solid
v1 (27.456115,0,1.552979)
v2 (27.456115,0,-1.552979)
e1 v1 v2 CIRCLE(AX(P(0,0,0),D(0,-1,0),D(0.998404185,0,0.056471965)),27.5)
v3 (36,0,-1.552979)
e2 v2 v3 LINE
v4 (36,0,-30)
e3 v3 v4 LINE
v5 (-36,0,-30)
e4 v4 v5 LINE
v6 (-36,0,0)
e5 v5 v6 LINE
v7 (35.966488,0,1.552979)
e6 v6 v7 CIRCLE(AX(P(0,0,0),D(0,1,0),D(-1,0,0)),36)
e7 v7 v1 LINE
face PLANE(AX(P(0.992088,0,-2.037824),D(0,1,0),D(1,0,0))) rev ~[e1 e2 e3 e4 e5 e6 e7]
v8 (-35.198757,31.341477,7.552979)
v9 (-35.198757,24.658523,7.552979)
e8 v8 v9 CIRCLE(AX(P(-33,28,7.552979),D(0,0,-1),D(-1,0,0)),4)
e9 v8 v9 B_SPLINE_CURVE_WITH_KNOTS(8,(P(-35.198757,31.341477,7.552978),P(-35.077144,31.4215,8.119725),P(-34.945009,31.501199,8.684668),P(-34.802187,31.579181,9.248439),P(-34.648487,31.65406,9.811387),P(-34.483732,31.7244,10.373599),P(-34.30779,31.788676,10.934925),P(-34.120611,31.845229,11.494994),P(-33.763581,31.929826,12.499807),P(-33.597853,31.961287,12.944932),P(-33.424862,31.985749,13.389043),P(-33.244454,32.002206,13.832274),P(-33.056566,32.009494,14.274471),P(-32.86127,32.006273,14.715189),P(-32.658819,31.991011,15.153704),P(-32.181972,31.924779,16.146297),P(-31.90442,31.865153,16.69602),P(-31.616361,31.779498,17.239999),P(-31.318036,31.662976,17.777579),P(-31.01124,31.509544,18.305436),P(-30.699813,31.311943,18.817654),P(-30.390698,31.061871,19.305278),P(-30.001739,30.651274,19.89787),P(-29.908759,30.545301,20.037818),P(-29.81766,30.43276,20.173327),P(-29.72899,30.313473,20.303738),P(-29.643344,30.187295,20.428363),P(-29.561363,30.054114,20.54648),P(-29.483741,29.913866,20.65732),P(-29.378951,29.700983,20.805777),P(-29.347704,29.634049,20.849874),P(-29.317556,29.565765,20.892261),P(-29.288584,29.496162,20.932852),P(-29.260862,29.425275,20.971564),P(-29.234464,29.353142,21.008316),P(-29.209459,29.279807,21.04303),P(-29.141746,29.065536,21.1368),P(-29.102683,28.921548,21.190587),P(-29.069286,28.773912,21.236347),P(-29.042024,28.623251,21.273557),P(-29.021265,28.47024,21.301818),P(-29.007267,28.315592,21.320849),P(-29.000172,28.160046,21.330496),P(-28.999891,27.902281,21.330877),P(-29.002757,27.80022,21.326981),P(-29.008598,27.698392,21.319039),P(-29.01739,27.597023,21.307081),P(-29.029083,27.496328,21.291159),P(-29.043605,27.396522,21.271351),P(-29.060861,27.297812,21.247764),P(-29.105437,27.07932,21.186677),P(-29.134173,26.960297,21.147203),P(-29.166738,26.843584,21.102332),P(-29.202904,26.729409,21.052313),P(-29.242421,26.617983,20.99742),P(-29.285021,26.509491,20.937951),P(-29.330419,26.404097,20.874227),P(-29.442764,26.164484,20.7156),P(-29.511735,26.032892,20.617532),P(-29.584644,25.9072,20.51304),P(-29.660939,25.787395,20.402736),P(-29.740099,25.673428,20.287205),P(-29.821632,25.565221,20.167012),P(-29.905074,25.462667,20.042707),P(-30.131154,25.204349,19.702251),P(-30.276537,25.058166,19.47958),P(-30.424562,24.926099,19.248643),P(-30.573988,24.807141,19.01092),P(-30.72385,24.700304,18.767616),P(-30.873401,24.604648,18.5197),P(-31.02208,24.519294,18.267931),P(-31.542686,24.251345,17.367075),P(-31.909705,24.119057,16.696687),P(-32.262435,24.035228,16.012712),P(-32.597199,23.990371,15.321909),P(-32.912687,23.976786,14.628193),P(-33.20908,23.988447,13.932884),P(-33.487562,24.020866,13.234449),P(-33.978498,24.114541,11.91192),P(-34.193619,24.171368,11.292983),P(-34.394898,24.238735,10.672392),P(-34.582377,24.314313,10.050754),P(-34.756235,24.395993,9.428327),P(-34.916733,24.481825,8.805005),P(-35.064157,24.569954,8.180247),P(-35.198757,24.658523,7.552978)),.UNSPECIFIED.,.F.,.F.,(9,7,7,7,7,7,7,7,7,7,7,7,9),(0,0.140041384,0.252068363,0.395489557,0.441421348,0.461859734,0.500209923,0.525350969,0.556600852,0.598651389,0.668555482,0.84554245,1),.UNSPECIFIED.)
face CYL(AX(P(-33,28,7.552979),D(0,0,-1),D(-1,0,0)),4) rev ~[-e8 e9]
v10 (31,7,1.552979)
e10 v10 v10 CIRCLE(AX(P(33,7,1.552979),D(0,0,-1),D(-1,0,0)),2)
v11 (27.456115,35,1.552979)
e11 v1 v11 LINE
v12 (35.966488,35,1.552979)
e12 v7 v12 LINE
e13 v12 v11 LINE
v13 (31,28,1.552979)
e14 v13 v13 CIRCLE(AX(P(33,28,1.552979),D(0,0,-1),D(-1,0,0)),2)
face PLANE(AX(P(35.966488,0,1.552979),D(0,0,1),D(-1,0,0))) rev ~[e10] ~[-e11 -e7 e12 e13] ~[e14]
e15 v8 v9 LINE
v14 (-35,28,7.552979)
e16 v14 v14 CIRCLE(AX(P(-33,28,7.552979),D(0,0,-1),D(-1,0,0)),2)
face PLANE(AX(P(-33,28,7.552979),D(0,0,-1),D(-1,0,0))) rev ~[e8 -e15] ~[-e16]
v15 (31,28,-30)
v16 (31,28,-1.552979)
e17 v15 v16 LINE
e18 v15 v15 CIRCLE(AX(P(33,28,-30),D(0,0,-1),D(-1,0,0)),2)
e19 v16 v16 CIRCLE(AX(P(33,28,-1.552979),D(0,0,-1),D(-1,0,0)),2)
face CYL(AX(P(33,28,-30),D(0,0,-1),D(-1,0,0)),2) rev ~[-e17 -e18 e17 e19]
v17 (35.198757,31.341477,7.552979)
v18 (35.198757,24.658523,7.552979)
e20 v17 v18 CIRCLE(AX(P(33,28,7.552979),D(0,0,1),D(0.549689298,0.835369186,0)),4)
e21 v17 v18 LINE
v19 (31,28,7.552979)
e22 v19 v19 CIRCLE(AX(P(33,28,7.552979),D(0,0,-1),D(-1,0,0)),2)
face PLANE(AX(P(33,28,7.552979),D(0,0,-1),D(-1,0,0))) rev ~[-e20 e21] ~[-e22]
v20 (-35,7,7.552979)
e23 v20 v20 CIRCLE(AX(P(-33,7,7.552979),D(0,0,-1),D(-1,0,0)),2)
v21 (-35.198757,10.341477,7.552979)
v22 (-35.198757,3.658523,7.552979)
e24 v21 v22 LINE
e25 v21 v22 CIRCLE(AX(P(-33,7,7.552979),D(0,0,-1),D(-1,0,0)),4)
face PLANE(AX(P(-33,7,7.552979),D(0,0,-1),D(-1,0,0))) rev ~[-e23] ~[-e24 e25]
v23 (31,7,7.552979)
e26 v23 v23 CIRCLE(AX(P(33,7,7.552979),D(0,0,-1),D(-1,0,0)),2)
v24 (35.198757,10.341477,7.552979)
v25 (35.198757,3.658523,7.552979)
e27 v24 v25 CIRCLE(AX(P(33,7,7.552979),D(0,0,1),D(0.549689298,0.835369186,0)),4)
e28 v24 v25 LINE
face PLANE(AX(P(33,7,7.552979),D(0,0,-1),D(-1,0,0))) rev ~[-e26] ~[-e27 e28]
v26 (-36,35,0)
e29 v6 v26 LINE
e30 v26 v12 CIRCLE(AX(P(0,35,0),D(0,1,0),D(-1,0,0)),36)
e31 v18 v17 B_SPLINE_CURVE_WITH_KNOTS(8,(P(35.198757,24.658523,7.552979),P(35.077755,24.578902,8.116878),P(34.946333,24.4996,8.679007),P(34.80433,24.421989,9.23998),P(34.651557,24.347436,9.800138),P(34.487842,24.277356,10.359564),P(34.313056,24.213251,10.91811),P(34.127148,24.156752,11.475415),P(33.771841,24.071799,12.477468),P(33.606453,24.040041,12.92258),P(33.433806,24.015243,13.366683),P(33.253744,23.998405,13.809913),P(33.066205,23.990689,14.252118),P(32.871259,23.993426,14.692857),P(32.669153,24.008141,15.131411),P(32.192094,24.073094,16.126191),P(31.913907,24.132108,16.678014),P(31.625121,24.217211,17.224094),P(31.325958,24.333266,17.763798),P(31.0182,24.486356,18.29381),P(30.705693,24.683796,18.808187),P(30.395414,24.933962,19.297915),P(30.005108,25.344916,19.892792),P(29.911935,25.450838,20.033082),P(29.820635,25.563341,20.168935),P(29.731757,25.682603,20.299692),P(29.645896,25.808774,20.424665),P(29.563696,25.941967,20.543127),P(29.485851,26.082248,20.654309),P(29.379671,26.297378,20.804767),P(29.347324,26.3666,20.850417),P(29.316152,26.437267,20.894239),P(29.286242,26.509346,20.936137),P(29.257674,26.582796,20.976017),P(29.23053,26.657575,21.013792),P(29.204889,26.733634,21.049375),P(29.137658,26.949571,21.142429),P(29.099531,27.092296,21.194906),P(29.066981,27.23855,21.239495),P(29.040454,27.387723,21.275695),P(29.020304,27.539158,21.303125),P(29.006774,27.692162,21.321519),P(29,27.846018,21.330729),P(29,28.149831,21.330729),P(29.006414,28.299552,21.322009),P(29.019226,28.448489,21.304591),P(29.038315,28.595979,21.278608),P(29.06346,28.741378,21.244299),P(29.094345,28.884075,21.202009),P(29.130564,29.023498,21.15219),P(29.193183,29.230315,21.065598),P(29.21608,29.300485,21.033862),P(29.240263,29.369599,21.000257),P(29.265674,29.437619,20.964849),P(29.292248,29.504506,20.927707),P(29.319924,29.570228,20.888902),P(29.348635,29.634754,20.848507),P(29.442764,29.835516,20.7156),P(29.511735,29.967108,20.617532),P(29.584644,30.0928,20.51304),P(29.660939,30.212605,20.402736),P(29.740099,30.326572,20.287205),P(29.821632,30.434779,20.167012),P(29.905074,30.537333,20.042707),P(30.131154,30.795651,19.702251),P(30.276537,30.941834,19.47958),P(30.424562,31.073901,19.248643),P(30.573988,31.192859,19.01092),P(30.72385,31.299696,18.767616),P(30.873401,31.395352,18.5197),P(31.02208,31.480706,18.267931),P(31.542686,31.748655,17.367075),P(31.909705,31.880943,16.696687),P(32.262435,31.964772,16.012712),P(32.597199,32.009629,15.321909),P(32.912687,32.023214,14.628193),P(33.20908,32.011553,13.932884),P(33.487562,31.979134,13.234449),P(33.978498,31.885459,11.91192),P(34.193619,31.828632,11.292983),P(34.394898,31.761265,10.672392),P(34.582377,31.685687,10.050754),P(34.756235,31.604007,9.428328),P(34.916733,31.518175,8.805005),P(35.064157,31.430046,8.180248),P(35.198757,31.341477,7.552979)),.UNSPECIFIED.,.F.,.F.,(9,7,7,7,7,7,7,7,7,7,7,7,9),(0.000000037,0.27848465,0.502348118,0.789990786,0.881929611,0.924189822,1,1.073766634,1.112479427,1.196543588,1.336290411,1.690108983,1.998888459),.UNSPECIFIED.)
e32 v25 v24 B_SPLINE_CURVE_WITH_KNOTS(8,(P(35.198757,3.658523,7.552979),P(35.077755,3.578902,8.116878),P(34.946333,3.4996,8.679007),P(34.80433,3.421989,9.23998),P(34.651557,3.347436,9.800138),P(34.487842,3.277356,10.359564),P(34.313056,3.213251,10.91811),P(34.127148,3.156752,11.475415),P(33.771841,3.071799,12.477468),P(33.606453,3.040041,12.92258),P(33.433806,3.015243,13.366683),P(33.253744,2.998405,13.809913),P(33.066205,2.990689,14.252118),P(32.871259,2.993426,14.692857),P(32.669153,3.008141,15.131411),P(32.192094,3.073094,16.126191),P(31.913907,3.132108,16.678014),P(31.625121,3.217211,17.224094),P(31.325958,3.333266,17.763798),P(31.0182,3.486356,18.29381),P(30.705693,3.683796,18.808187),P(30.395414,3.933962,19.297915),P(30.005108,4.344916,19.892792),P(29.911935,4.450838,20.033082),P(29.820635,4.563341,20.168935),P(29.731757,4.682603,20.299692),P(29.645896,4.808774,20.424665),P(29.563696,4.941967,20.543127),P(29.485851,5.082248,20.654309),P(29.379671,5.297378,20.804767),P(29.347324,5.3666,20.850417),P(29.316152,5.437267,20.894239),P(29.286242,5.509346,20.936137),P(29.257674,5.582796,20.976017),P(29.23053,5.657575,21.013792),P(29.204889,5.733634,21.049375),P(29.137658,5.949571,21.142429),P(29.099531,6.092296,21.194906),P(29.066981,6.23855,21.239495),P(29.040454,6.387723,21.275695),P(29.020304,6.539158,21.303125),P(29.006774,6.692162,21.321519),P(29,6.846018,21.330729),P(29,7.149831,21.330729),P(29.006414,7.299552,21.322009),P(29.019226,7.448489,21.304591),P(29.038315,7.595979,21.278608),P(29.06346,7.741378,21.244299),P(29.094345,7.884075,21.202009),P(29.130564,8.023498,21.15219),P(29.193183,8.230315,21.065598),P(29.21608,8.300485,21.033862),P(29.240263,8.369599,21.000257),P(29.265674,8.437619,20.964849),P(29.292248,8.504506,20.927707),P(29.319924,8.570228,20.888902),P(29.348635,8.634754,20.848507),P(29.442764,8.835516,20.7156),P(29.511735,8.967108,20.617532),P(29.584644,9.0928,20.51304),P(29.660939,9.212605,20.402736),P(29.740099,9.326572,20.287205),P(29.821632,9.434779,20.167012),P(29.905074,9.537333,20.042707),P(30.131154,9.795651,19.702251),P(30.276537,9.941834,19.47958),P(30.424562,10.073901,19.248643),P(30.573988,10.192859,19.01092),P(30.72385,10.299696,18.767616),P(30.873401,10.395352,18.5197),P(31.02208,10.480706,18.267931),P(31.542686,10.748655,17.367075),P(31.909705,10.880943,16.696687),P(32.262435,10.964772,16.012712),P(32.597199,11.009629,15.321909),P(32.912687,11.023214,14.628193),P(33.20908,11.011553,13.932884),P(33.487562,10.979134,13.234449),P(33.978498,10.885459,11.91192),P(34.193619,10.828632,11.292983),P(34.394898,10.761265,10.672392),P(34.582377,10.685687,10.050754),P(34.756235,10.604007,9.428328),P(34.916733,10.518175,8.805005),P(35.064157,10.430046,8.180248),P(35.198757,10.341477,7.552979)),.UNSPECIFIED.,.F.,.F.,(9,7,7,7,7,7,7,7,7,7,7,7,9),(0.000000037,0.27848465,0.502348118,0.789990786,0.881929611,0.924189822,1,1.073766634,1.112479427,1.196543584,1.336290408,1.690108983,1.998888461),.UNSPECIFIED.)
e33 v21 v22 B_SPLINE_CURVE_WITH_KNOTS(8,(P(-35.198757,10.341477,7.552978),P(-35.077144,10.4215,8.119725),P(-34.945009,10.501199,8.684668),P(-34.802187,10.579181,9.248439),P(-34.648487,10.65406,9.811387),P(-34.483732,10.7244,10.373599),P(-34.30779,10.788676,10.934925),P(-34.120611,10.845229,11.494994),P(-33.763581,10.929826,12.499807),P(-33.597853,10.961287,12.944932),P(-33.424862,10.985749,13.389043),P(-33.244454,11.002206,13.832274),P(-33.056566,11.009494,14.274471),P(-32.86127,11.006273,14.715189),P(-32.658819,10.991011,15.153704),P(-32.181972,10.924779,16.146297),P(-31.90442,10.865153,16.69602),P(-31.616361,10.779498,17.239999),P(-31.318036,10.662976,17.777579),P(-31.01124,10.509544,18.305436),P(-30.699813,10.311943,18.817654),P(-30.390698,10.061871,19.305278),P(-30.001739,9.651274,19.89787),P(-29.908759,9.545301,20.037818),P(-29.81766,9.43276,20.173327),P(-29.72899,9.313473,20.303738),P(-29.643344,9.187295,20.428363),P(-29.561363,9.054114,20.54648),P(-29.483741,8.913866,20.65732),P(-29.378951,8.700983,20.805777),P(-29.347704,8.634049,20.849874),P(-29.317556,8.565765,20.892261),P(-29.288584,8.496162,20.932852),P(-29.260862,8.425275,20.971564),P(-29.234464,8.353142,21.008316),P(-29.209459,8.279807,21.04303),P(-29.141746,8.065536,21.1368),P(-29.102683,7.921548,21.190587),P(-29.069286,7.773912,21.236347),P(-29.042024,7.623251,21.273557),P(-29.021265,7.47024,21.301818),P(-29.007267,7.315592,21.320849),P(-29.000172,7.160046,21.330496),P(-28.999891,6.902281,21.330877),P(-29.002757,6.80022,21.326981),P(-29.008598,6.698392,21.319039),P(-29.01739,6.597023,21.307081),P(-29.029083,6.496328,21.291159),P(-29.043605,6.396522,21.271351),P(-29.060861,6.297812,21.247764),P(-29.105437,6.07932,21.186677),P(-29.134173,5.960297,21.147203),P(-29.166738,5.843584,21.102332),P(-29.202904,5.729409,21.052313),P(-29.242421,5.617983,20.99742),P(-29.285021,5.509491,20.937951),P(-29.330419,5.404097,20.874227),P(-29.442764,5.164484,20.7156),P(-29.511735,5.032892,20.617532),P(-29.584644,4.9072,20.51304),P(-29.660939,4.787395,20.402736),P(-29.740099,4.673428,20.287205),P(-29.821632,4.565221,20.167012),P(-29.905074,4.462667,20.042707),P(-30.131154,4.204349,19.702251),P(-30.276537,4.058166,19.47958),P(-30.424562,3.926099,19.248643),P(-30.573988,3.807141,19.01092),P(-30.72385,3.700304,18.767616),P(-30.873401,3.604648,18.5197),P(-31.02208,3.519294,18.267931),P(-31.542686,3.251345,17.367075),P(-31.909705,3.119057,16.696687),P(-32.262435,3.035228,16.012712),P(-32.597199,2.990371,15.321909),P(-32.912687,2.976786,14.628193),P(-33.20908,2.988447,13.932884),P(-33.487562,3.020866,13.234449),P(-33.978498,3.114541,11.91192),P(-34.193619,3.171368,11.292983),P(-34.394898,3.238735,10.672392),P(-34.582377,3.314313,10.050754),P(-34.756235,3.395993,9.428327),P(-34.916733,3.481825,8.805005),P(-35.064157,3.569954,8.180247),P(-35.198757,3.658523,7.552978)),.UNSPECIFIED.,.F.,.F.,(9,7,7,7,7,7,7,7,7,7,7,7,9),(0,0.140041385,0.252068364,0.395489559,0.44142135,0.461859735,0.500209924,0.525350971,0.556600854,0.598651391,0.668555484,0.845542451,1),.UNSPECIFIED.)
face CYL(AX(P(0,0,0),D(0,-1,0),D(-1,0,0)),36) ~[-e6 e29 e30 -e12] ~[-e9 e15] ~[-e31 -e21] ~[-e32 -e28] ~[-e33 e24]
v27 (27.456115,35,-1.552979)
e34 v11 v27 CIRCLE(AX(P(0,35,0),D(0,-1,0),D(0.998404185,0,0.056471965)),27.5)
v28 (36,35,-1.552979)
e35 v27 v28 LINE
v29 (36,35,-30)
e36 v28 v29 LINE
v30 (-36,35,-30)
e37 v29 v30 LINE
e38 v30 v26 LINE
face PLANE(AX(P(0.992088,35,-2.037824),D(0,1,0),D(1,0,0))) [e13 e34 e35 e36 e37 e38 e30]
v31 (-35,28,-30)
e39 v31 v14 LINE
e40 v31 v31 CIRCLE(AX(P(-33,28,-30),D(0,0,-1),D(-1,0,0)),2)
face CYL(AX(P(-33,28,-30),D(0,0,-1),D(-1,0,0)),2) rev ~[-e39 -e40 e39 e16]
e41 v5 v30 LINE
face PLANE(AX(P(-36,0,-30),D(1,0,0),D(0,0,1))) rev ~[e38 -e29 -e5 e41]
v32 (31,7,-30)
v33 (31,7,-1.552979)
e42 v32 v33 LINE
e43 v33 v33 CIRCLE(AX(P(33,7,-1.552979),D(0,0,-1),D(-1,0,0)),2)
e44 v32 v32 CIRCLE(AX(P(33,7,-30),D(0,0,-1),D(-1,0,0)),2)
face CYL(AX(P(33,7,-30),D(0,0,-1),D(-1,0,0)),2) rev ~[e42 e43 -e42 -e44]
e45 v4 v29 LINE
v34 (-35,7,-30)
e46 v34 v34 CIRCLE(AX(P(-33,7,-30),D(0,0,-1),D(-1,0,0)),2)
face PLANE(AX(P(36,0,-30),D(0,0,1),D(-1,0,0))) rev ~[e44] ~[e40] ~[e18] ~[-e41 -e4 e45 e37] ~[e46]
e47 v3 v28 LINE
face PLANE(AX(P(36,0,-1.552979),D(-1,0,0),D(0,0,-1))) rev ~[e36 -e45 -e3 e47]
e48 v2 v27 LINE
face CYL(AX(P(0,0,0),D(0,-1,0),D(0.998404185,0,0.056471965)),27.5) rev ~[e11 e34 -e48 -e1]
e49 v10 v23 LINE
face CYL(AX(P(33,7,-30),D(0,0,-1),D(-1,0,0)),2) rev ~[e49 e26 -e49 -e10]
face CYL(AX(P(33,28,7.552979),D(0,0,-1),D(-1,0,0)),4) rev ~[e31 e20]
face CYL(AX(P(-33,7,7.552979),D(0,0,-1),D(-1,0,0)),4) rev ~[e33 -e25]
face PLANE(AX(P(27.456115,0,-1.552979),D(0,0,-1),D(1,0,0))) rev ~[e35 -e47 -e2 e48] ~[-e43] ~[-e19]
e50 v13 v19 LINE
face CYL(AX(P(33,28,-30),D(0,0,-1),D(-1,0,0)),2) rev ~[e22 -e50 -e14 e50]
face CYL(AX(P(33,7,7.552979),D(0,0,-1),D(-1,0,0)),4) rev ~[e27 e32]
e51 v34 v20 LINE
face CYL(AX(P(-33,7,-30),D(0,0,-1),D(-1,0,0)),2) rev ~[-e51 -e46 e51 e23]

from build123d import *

# Parameters (mm, degrees)
BOSS_EXTRUDE1_DEPTH = 35
SKETCH2_R           = 2
CUT_EXTRUDE1_DEPTH  = 83.927679336
CUT_EXTRUDE2_REACH  = 64.699
SKETCH3_R           = 4


with BuildPart() as part:
    # Sketch1 → Boss-Extrude1 (new body)
    with BuildSketch(Plane(origin=(0, 0, 0), x_dir=(1, 0, 0), z_dir=(0, 1, 0))):
        with BuildLine():
            Line((-36, 30), (-36, 0))
            ThreePointArc((-36, 0), (-0.776670285, -35.991621015), (35.966487959, -1.552979031))
            Line((35.966487959, -1.552979031), (27.456115095, -1.552979031))
            ThreePointArc((27.456115095, -1.552979031), (-27.5, 0), (27.456115095, 1.552979031))
            Line((27.456115095, 1.552979031), (36, 1.552979031))
            Line((36, 1.552979031), (36, 30))
            Line((36, 30), (-36, 30))
        make_face()
    extrude(amount=BOSS_EXTRUDE1_DEPTH)

    # Sketch2 → Cut-Extrude1 (cut, through all)
    with BuildSketch(Plane(origin=(0, 0, -30), x_dir=(-1, 0, 0), z_dir=(0, 0, -1))):
        with Locations((-33, 28)):
            Circle(SKETCH2_R)
        with Locations((33, 28)):
            Circle(SKETCH2_R)
        with Locations((33, 7)):
            Circle(SKETCH2_R)
        with Locations((-33, 7)):
            Circle(SKETCH2_R)
    extrude(amount=-CUT_EXTRUDE1_DEPTH, mode=Mode.SUBTRACT)

    # Sketch3 → Cut-Extrude2 (cut, up to next)
    with BuildSketch(Plane(origin=(0, 0, 7.552979031), x_dir=(-1, 0, 0), z_dir=(0, 0, -1)), mode=Mode.PRIVATE) as cut_extrude2_sk1:
        with Locations((-33, 28)):
            Circle(SKETCH3_R)
    cut_extrude2_tool1 = extrude(cut_extrude2_sk1.sketch, amount=-CUT_EXTRUDE2_REACH, mode=Mode.PRIVATE) & part.part
    # Sketch3 → Cut-Extrude2 (cut, up to next)
    with BuildSketch(Plane(origin=(0, 0, 7.552979031), x_dir=(-1, 0, 0), z_dir=(0, 0, -1)), mode=Mode.PRIVATE) as cut_extrude2_sk2:
        with Locations((-33, 7)):
            Circle(SKETCH3_R)
    cut_extrude2_tool2 = extrude(cut_extrude2_sk2.sketch, amount=-CUT_EXTRUDE2_REACH, mode=Mode.PRIVATE) & part.part
    # Sketch3 → Cut-Extrude2 (cut, up to next)
    with BuildSketch(Plane(origin=(0, 0, 7.552979031), x_dir=(-1, 0, 0), z_dir=(0, 0, -1)), mode=Mode.PRIVATE) as cut_extrude2_sk3:
        with Locations((33, 28)):
            Circle(SKETCH3_R)
    cut_extrude2_tool3 = extrude(cut_extrude2_sk3.sketch, amount=-CUT_EXTRUDE2_REACH, mode=Mode.PRIVATE) & part.part
    # Sketch3 → Cut-Extrude2 (cut, up to next)
    with BuildSketch(Plane(origin=(0, 0, 7.552979031), x_dir=(-1, 0, 0), z_dir=(0, 0, -1)), mode=Mode.PRIVATE) as cut_extrude2_sk4:
        with Locations((33, 7)):
            Circle(SKETCH3_R)
    cut_extrude2_tool4 = extrude(cut_extrude2_sk4.sketch, amount=-CUT_EXTRUDE2_REACH, mode=Mode.PRIVATE) & part.part
    add(cut_extrude2_tool1.solids().sort_by_distance((33, 28, 7.552979))[0], mode=Mode.SUBTRACT)
    add(cut_extrude2_tool2.solids().sort_by_distance((33, 7, 7.552979))[0], mode=Mode.SUBTRACT)
    add(cut_extrude2_tool3.solids().sort_by_distance((-33, 28, 7.552979))[0], mode=Mode.SUBTRACT)
    add(cut_extrude2_tool4.solids().sort_by_distance((-33, 7, 7.552979))[0], mode=Mode.SUBTRACT)


solid = part.part
